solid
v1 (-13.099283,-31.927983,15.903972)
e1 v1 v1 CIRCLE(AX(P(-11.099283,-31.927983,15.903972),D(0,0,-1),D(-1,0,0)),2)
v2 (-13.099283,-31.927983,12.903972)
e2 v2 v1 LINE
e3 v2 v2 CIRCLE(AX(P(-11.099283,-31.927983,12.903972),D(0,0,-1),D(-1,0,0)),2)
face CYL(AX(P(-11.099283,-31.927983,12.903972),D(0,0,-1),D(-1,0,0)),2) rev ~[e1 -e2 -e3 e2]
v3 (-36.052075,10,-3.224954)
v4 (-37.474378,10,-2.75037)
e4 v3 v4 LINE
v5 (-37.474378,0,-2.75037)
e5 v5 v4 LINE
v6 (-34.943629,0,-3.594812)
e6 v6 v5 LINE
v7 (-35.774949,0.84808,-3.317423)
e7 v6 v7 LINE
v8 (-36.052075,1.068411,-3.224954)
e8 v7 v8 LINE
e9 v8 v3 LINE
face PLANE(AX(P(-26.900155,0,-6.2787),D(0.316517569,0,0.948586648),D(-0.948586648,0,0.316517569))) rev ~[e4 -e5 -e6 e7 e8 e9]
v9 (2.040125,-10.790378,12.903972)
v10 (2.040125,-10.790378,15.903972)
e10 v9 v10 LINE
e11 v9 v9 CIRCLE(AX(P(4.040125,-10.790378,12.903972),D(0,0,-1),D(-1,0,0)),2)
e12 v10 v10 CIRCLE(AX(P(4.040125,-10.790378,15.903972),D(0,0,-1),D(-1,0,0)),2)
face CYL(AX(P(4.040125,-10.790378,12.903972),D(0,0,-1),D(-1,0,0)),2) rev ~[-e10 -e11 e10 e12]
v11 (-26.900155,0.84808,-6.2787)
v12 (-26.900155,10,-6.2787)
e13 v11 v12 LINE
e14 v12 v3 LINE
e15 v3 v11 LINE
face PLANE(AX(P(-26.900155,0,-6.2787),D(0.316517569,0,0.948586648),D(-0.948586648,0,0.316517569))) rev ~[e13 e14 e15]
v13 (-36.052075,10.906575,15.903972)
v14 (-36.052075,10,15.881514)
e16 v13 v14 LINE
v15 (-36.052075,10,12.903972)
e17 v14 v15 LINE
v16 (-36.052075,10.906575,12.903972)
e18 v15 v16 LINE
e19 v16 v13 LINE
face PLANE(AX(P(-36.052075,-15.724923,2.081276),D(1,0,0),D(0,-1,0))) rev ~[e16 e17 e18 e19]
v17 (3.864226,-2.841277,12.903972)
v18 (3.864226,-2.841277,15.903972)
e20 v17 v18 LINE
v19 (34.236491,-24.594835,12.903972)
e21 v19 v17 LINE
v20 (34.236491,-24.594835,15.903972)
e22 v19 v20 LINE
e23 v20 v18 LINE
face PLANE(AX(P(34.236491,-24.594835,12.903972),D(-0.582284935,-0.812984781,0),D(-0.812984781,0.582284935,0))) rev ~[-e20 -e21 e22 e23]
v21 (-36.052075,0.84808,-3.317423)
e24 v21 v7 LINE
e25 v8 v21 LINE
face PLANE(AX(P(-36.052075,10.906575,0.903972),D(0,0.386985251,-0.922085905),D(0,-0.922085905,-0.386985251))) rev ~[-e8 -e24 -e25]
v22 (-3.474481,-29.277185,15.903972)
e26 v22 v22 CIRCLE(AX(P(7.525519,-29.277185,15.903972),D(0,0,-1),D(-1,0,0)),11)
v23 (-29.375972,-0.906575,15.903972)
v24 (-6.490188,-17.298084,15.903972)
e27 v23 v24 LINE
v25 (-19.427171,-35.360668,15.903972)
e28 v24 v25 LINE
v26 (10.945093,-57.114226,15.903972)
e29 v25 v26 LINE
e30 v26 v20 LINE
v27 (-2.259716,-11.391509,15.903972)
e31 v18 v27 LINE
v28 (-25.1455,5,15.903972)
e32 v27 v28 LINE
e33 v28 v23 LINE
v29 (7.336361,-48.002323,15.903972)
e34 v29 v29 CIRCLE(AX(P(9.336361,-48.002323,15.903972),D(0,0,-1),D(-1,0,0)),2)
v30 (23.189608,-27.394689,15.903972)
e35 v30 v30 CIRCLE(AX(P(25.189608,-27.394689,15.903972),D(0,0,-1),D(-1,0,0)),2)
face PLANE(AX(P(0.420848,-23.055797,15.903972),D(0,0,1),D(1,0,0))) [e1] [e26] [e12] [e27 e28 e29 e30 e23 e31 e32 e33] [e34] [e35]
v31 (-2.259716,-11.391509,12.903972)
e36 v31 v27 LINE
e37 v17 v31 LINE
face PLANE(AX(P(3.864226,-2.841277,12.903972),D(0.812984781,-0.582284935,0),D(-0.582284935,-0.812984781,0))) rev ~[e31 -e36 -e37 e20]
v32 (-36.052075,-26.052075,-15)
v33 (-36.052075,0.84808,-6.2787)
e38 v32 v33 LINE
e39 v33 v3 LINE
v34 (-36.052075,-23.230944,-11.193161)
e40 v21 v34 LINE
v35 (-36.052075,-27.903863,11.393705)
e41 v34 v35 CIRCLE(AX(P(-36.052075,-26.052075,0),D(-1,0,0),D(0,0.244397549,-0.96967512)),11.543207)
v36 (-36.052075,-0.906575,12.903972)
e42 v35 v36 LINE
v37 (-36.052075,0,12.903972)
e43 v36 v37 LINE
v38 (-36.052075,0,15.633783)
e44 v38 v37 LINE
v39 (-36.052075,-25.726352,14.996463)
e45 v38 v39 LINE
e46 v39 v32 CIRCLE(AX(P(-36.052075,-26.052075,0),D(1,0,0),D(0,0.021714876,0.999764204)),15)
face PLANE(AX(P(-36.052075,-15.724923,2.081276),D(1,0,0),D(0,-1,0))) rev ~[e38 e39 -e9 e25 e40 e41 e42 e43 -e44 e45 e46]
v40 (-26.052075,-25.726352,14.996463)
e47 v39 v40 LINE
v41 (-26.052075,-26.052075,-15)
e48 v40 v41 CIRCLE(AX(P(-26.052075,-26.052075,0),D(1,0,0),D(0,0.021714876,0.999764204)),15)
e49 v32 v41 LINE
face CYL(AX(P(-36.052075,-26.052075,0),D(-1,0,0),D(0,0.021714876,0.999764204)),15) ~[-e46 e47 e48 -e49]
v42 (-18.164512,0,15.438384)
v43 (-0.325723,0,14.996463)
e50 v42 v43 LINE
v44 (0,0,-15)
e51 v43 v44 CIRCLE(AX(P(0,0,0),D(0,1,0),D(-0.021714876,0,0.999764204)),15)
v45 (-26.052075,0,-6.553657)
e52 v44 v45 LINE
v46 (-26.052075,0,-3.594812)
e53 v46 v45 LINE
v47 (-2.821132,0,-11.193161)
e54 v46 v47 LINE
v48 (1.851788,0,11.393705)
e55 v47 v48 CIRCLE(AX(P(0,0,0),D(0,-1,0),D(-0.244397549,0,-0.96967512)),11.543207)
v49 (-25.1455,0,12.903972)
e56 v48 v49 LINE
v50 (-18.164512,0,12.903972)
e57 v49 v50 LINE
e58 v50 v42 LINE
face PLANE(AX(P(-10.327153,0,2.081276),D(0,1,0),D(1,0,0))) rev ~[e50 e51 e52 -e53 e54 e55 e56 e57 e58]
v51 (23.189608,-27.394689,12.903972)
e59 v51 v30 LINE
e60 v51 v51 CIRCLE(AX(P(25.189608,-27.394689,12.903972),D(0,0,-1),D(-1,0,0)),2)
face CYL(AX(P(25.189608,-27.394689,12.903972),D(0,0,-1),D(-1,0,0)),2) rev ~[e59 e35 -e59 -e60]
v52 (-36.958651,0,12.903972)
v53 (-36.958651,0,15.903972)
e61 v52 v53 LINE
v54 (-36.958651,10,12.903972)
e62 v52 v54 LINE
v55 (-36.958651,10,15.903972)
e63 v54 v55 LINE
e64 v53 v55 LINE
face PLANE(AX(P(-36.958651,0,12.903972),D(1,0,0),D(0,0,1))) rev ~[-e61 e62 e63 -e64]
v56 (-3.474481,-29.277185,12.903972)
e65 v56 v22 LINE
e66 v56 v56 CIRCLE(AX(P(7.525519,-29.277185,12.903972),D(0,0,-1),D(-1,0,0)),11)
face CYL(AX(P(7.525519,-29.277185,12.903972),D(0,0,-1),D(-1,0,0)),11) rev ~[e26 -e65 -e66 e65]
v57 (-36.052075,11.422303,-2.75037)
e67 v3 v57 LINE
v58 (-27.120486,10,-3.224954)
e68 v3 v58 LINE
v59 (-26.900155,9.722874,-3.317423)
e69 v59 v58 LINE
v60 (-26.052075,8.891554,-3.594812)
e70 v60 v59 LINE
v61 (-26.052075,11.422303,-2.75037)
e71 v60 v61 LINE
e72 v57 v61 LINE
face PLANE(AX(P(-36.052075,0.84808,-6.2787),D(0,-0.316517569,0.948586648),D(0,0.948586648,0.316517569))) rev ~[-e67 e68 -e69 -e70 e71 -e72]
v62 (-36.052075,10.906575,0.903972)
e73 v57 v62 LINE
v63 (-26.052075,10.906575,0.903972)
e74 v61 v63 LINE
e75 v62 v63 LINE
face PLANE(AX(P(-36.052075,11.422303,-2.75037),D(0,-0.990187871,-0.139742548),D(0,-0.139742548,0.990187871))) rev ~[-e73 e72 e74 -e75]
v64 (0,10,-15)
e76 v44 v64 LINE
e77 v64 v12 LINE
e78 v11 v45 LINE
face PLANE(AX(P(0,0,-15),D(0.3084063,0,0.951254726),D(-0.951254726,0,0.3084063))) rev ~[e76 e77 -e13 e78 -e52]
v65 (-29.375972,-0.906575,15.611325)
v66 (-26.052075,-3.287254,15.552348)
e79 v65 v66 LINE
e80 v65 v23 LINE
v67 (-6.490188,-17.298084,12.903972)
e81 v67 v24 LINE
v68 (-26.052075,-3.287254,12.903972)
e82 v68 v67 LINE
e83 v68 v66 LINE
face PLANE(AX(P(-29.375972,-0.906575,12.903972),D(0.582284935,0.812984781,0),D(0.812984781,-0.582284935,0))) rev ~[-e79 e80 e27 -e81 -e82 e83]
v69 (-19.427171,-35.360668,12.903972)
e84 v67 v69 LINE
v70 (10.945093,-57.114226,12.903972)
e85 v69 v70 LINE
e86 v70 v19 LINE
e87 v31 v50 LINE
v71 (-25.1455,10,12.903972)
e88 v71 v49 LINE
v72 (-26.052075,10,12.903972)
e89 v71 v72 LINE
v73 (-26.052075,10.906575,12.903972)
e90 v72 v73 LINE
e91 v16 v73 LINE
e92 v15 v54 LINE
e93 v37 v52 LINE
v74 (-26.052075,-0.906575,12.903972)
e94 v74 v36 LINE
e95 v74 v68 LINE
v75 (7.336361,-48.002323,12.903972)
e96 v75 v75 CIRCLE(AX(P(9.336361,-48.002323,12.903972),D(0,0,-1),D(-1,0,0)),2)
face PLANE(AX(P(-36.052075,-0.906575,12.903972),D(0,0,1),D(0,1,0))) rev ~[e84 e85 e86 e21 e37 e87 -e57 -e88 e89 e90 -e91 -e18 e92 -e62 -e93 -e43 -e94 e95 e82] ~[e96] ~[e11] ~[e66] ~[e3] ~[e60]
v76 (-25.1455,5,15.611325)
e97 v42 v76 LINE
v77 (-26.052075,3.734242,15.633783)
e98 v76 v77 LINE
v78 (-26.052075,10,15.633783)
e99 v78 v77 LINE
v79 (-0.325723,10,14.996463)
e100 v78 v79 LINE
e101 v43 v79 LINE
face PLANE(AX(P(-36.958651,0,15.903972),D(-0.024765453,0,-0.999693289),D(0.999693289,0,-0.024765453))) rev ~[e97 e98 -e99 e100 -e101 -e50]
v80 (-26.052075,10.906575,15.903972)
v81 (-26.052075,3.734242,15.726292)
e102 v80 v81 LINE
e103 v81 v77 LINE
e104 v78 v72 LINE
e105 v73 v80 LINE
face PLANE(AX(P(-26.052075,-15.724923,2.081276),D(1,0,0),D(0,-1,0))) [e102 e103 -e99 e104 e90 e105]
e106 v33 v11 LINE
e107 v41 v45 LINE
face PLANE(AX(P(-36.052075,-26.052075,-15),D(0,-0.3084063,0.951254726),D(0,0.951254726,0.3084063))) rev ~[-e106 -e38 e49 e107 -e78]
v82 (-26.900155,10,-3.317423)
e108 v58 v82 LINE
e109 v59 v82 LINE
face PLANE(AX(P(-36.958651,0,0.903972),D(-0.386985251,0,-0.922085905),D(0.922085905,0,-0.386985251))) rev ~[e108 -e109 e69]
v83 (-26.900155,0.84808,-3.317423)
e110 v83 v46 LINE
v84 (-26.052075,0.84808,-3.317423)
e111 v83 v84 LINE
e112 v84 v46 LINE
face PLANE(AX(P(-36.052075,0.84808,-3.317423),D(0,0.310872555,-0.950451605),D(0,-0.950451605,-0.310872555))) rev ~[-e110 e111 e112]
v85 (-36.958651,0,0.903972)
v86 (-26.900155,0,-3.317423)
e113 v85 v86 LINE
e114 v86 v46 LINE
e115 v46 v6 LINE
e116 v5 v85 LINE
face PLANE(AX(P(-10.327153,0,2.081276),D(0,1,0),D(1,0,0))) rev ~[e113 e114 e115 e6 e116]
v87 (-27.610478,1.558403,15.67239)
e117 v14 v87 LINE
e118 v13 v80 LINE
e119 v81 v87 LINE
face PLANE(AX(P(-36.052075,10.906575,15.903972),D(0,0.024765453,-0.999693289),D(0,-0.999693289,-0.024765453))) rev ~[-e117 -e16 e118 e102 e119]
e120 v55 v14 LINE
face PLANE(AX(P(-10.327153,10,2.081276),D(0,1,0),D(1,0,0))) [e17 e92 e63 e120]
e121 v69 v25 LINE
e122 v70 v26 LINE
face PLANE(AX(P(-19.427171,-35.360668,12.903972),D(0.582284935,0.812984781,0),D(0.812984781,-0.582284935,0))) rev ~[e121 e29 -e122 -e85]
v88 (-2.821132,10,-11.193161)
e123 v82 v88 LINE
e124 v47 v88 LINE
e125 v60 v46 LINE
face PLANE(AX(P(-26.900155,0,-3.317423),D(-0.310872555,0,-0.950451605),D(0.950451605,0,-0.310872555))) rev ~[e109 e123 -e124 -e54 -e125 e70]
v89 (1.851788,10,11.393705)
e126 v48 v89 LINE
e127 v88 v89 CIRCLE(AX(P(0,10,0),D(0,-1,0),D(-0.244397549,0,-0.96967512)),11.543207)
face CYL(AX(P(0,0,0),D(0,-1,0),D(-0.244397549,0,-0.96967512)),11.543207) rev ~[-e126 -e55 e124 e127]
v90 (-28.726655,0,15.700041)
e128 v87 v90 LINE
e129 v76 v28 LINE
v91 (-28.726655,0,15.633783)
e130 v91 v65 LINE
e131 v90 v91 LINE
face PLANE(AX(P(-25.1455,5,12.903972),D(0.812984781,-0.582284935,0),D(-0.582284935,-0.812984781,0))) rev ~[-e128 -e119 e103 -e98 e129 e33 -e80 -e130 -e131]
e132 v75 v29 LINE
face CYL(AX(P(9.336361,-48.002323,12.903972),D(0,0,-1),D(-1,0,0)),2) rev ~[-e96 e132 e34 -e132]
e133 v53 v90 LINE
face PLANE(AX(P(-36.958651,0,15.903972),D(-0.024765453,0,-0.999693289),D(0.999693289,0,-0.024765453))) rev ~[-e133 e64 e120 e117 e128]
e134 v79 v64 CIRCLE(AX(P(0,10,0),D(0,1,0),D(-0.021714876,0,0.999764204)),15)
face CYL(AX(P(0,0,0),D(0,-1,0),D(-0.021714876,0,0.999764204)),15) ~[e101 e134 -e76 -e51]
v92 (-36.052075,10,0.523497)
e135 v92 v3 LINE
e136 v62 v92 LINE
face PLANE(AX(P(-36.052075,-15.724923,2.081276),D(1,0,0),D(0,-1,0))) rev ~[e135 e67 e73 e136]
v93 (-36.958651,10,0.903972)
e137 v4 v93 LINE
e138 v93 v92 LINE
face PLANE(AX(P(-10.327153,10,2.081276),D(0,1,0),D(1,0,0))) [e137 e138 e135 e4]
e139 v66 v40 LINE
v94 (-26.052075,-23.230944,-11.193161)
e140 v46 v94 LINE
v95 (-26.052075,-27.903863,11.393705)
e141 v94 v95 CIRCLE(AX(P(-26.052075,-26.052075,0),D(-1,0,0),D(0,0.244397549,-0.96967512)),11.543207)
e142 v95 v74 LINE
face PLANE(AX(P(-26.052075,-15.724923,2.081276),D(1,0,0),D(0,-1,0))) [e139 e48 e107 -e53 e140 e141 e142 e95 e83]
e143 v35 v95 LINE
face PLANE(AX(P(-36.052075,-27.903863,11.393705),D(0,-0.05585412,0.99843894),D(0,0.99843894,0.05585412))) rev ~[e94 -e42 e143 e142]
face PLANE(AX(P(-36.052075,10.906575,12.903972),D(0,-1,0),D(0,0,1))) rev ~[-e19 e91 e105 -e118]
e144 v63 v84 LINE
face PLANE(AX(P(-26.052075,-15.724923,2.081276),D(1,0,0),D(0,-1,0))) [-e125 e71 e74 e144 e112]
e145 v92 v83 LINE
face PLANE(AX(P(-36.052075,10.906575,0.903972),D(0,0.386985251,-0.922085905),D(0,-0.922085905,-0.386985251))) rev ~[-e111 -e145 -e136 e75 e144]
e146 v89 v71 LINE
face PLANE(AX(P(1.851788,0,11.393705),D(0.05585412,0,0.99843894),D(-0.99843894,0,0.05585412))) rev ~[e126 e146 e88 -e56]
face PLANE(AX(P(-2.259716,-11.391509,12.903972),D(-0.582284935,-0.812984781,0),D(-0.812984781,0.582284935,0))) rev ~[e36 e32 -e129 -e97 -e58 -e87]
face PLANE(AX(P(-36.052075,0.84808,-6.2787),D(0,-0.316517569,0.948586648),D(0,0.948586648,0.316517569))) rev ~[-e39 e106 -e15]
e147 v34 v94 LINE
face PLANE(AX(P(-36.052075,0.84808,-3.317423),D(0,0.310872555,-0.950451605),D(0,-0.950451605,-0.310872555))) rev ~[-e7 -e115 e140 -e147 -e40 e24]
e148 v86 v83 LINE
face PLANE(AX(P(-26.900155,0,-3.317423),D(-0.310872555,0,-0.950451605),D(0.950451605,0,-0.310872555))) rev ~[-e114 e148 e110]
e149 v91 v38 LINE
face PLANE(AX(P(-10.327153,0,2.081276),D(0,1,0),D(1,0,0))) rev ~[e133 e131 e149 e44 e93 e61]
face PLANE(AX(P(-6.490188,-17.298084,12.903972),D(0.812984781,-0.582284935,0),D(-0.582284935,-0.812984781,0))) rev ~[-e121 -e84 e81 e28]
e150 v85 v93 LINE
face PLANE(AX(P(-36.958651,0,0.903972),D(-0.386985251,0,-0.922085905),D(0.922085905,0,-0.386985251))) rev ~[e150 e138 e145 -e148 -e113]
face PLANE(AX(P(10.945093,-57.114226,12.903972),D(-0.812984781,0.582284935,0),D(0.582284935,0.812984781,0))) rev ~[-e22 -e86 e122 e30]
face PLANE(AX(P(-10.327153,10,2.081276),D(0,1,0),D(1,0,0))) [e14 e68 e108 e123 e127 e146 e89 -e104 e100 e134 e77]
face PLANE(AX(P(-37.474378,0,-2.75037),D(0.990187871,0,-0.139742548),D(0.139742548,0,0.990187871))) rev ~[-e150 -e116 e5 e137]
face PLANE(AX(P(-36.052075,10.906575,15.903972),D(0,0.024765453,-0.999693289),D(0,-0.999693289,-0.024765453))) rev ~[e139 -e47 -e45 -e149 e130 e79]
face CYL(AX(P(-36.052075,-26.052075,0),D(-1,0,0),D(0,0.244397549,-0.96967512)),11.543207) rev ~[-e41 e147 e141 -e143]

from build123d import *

# Parameters (mm, degrees)
BOSS_EXTRUDE1_DEPTH = 10
CIRPATTERN1_COUNT   = 2
CIRPATTERN1_ANGLE   = 90
SKETCH4_R           = 2
SKETCH4_R_2         = 11
BOSS_EXTRUDE2_DEPTH = 3


with BuildPart() as part:
    # Sketch1 → Boss-Extrude1 (new body)
    with BuildSketch(Plane(origin=(0, 0, 0), x_dir=(1, 0, 0), z_dir=(0, 1, 0))):
        with BuildLine():
            Line((0, 15), (-26.900155428, 6.278700475))
            Line((-26.900155428, 6.278700475), (-37.47437809, 2.750369919))
            Line((-37.47437809, 2.750369919), (-36.958650594, -0.903972442))
            Line((-36.958650594, -0.903972442), (-26.900155428, 3.317423045))
            Line((-26.900155428, 3.317423045), (-2.821131559, 11.193160892))
            ThreePointArc((-2.821131559, 11.193160892), (11.303828334, 2.338610491), (1.8517881, -11.393705054))
            Line((1.8517881, -11.393705054), (-25.145499842, -12.903972442))
            Line((-25.145499842, -12.903972442), (-32.586903668, -12.903972442))
            Line((-32.586903668, -12.903972442), (-36.958650594, -12.903972442))
            Line((-36.958650594, -12.903972442), (-36.958650594, -15.903972442))
            Line((-36.958650594, -15.903972442), (-0.325723138, -14.996463064))
            ThreePointArc((-0.325723138, -14.996463064), (14.99911574, -0.16287117), (0, 15))
        make_face()
    boss_extrude1 = extrude(amount=BOSS_EXTRUDE1_DEPTH)

    # CirPattern1: Boss-Extrude1 ×2 about axis
    cirpattern1_axis = Axis((-31.052075218, 5, 0), (0, 0, -1))
    for i in range(1, CIRPATTERN1_COUNT):
        add(boss_extrude1.rotate(cirpattern1_axis, i * CIRPATTERN1_ANGLE / (CIRPATTERN1_COUNT - 1)))

    # Sketch4 → Boss-Extrude2 (add)
    with BuildSketch(Plane(origin=(0, 0, 12.903972442), x_dir=(-1, 0, 0), z_dir=(0, 0, -1))):
        Polygon((25.145499842, 5), (29.375972464, -0.906575376), (6.490188193, -17.298084434), (19.427171172, -35.360667965), (-10.945093119, -57.114226389), (-34.236490518, -24.59483514), (-3.864226227, -2.841276715), (2.259715572, -11.391509058), align=None)
        with Locations((-4.040125025, -10.790378208)):
            Circle(SKETCH4_R, mode=Mode.SUBTRACT)
        with Locations((11.099283284, -31.92798252)):
            Circle(SKETCH4_R, mode=Mode.SUBTRACT)
        with Locations((-25.189607513, -27.394689404)):
            Circle(SKETCH4_R, mode=Mode.SUBTRACT)
        with Locations((-9.336361168, -48.002323435)):
            Circle(SKETCH4_R, mode=Mode.SUBTRACT)
        with Locations((-7.525518654, -29.277184542)):
            Circle(SKETCH4_R_2, mode=Mode.SUBTRACT)
    extrude(amount=-BOSS_EXTRUDE2_DEPTH)


solid = part.part
